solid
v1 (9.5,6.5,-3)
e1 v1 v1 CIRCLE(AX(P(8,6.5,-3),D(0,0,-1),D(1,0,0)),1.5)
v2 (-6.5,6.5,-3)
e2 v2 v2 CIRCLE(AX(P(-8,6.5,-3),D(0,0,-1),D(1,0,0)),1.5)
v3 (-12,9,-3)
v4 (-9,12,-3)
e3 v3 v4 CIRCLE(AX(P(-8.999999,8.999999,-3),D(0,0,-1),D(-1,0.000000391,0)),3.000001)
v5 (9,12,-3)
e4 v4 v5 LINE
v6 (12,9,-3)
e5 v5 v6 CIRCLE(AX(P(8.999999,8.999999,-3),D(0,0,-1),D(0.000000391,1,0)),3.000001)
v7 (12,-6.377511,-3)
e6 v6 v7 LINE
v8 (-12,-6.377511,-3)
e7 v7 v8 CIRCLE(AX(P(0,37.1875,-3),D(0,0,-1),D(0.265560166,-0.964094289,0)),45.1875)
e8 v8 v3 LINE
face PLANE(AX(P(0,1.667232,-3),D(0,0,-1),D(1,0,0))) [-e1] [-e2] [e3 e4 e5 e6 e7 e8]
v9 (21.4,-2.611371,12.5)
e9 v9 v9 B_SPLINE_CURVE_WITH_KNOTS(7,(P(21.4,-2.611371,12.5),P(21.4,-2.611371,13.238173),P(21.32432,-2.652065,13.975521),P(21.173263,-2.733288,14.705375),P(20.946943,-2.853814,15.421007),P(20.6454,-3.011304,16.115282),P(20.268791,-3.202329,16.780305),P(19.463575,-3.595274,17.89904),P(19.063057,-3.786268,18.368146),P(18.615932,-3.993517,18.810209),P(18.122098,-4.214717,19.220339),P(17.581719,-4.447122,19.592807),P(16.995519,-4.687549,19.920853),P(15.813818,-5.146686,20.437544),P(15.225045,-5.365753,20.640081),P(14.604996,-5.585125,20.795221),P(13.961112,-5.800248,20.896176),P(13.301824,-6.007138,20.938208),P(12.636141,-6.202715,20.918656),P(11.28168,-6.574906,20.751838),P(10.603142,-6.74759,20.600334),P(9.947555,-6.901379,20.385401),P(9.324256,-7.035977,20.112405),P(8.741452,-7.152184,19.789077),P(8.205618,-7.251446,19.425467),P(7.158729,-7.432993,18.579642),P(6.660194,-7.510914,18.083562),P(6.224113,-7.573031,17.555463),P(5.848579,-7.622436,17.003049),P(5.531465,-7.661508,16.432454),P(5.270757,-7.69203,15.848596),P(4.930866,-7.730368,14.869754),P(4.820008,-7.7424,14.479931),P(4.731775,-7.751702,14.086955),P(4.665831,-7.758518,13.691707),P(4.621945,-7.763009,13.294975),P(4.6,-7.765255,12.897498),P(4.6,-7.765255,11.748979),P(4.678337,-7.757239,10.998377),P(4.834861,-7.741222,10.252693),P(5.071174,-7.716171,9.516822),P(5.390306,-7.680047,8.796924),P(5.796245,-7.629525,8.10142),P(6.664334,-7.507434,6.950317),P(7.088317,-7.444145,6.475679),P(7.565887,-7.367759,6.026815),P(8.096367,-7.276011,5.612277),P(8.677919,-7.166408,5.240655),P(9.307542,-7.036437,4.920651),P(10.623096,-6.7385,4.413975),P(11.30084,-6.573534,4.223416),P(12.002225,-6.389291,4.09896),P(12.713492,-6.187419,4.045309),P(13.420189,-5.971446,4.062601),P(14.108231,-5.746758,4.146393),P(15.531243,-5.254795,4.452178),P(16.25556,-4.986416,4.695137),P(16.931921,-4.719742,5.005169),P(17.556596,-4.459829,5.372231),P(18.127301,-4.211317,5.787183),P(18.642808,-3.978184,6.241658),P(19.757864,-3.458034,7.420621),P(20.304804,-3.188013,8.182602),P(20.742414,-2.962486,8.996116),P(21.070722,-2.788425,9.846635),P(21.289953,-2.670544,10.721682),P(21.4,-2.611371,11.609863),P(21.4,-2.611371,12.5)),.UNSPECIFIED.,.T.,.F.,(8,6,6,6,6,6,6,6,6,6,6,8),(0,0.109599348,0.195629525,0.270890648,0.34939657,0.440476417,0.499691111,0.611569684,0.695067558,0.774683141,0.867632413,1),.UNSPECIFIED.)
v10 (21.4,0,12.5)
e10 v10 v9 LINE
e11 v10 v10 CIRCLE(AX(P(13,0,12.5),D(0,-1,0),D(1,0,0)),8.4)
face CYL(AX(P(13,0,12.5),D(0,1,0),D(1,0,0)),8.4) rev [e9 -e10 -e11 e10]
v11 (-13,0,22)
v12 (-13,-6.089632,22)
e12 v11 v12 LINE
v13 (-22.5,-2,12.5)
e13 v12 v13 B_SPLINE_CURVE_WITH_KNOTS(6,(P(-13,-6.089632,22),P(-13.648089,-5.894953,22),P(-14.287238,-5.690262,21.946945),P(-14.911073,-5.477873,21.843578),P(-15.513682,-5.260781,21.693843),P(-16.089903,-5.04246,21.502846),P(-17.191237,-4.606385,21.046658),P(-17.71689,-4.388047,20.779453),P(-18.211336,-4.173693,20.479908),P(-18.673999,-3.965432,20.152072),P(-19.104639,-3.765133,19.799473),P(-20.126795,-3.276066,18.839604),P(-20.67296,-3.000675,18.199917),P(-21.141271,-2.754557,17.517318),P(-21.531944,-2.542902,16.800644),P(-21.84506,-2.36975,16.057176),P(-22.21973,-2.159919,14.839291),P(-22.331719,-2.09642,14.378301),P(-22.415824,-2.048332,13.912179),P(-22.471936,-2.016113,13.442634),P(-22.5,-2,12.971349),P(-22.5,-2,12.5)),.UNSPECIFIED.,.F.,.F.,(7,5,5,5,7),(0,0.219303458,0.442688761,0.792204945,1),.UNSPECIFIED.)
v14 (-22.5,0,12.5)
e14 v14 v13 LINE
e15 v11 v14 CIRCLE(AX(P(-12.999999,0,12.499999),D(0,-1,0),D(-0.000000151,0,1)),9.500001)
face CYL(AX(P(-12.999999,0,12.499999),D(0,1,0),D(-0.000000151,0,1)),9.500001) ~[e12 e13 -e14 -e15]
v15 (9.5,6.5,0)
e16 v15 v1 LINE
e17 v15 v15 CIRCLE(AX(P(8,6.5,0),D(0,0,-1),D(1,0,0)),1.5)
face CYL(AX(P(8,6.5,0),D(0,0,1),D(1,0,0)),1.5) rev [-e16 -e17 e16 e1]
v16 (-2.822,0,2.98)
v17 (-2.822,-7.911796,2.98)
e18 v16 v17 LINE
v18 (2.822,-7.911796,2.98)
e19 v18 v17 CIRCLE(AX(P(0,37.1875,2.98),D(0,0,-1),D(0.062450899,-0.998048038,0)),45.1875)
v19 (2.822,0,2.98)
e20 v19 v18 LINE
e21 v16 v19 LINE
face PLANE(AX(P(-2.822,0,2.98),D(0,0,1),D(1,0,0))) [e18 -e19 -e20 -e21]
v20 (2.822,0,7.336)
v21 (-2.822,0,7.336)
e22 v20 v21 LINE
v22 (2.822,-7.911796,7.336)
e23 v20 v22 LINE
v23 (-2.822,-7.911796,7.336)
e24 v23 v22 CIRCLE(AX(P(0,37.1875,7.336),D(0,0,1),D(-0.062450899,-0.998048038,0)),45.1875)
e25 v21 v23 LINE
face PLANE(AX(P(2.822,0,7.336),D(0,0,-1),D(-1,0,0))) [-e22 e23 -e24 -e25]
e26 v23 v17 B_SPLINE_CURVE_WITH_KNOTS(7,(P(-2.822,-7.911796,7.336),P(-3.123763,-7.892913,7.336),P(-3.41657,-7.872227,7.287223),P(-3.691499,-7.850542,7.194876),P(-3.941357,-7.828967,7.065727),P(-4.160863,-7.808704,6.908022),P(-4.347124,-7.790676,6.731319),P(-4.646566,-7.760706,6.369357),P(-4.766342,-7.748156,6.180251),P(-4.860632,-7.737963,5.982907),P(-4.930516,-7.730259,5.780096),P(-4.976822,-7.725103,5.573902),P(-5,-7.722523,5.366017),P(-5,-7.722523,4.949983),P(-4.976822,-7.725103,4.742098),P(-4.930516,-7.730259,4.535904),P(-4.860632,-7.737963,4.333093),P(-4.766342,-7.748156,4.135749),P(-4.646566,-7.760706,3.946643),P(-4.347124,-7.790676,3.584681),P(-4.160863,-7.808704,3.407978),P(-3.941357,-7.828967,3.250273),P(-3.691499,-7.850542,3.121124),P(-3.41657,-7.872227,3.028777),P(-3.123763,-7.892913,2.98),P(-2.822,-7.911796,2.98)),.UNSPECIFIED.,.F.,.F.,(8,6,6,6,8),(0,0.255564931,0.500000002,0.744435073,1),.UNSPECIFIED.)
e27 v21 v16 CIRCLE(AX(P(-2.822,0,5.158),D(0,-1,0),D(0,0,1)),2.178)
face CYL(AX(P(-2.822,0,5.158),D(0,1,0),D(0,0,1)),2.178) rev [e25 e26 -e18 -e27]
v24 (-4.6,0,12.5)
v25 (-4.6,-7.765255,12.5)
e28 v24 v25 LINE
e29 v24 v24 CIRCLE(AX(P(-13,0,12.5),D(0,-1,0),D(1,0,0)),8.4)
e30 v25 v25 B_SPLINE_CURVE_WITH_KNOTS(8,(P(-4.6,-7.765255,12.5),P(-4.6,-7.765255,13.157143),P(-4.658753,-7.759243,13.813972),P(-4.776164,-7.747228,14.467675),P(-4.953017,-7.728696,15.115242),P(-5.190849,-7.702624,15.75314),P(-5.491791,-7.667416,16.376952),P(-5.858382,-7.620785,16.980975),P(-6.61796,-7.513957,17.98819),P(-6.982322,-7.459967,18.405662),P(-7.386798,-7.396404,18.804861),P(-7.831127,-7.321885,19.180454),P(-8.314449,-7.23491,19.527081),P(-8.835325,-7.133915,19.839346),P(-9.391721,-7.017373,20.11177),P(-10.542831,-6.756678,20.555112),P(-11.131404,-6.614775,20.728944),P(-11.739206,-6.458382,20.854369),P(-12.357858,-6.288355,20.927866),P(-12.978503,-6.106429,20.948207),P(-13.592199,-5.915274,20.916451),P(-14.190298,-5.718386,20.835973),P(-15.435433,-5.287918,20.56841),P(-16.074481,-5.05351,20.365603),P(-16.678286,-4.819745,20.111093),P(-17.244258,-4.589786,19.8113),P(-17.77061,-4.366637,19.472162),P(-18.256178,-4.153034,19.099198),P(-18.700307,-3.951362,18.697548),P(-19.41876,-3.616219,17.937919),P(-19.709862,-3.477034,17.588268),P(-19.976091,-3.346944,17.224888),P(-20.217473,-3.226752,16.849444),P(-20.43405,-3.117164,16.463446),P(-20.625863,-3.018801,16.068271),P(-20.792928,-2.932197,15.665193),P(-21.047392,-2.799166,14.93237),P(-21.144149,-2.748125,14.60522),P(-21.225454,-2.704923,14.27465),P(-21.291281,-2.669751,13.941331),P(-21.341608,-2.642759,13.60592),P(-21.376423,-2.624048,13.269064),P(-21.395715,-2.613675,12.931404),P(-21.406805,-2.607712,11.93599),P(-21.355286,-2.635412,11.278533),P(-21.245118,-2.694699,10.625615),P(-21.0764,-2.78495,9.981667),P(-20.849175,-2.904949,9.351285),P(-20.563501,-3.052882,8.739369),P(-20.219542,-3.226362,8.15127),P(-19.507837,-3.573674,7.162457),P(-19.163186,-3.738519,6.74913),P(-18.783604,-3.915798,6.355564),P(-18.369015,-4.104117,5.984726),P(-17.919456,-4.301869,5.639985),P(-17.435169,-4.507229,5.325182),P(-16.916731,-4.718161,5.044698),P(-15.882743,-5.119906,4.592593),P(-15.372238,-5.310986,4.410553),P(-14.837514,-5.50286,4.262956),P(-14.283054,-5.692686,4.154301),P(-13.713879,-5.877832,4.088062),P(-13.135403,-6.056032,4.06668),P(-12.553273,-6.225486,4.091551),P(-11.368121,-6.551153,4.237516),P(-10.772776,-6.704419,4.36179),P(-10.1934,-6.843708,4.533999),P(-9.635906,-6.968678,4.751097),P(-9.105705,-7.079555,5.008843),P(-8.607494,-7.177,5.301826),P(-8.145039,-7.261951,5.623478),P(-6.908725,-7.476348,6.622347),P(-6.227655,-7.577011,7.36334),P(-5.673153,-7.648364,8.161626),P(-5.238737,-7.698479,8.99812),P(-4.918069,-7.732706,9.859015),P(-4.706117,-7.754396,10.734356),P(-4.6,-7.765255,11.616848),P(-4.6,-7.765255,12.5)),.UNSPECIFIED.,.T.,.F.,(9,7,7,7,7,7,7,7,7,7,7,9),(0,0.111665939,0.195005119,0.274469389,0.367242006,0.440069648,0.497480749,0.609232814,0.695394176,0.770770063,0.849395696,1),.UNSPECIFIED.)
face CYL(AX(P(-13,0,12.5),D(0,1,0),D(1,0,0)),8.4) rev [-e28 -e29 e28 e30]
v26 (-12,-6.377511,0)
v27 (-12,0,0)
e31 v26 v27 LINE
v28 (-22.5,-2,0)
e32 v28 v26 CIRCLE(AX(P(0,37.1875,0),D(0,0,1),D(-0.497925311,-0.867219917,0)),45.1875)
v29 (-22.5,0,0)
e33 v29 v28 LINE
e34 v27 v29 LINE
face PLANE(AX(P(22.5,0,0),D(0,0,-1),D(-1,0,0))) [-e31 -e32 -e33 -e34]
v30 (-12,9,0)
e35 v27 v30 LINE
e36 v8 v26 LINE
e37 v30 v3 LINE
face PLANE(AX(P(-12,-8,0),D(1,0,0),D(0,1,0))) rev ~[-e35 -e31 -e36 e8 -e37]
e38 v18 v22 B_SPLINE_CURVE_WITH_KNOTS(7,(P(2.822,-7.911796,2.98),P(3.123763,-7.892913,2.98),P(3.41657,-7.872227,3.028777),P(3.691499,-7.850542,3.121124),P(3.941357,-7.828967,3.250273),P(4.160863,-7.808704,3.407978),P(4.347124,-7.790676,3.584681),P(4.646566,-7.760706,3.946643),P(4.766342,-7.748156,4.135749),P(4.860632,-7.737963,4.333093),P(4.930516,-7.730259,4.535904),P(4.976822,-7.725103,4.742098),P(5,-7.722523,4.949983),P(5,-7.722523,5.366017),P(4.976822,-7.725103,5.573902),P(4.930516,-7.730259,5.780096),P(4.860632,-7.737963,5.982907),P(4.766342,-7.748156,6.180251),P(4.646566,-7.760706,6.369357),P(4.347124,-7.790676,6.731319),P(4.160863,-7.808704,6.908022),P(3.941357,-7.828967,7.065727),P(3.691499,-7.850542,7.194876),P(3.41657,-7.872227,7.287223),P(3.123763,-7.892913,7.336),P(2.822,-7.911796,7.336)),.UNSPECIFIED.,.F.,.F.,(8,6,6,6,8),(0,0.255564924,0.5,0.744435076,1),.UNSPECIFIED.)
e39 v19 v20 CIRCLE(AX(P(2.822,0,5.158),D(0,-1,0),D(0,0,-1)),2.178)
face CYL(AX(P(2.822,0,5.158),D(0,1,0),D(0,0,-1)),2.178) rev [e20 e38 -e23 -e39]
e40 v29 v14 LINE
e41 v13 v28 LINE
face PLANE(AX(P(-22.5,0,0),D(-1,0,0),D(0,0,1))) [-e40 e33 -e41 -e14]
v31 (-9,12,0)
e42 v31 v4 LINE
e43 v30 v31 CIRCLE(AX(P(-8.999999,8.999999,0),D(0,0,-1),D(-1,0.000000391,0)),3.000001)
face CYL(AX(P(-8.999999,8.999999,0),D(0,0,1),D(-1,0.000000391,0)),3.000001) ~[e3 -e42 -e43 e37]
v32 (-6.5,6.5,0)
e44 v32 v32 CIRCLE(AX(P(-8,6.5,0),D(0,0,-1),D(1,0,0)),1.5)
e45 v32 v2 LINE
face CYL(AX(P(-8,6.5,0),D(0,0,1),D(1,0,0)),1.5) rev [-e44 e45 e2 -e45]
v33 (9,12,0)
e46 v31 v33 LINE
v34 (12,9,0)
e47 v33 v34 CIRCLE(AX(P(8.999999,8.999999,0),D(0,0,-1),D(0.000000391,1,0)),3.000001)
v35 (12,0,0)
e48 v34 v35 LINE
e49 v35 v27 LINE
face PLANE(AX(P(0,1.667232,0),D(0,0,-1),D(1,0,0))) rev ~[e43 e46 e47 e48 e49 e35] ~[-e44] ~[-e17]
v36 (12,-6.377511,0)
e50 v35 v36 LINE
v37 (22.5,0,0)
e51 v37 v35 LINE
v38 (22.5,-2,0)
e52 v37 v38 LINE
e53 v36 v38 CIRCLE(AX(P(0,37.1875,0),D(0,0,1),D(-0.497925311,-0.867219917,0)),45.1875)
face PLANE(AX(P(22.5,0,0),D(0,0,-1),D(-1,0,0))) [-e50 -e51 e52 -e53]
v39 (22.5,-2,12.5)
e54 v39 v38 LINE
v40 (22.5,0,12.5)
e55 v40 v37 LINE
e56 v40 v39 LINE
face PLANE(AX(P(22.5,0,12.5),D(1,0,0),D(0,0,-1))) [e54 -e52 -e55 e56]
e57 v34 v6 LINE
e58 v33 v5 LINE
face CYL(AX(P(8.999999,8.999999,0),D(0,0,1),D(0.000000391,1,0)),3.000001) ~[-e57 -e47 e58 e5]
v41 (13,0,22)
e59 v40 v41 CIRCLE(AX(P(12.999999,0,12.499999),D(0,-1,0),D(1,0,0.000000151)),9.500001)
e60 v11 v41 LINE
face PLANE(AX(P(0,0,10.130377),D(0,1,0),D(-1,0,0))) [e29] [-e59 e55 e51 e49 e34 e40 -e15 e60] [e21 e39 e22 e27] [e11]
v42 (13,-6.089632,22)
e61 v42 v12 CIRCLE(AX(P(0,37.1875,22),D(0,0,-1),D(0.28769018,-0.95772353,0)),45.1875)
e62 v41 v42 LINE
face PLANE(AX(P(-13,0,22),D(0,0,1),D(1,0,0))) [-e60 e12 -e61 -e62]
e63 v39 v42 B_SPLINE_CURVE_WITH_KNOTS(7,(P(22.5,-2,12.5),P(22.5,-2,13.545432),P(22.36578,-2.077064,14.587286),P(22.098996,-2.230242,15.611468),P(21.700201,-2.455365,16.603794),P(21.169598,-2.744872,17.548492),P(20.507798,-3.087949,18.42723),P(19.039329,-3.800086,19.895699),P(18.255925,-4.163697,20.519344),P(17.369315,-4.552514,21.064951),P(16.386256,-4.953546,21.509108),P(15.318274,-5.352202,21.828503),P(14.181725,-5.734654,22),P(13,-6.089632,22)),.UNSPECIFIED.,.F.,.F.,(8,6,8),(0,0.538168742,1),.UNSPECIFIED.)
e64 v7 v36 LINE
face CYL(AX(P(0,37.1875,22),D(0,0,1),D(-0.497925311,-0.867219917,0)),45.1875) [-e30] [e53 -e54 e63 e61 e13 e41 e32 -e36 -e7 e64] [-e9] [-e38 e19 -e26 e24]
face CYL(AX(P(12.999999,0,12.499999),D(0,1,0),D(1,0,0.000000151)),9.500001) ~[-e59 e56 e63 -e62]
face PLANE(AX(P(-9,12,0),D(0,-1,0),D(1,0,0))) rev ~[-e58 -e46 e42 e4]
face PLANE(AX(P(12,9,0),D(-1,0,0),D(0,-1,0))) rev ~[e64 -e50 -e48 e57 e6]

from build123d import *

# Parameters (mm, degrees)
SKETCH_R     = 8.4
PAD_DEPTH    = 8
SKETCH001_R  = 1.5
PAD001_DEPTH = 3
POCKET_DEPTH = 25.001


with BuildPart() as part:
    # Sketch → Pad (new body)
    with BuildSketch(Plane.XZ):
        with BuildLine():
            Line((-13, 22), (13, 22))
            ThreePointArc((22.5, 12.5), (19.717514, 19.217514), (13, 22))
            Line((22.5, 12.5), (22.5, 0))
            Line((22.5, 0), (-22.5, 0))
            Line((-22.5, 0), (-22.5, 12.5))
            ThreePointArc((-13, 22), (-19.717514, 19.217514), (-22.5, 12.5))
        make_face()
        with Locations((-13, 12.5)):
            Circle(SKETCH_R, mode=Mode.SUBTRACT)
        with Locations((13, 12.5)):
            Circle(SKETCH_R, mode=Mode.SUBTRACT)
        with BuildLine():
            ThreePointArc((-2.822, 7.336), (-5, 5.158), (-2.822, 2.98))
            Line((-2.822, 2.98), (2.822, 2.98))
            ThreePointArc((2.822, 2.98), (5, 5.158), (2.822, 7.336))
            Line((2.822, 7.336), (-2.822, 7.336))
        make_face(mode=Mode.SUBTRACT)
    extrude(amount=PAD_DEPTH)

    # Sketch001 (on Face2 of Pad) → Pad001 (join)
    with BuildSketch(Plane(origin=(0, 0, 0), x_dir=(1, 0, 0), z_dir=(0, 0, -1))):
        with BuildLine():
            Line((-9, -12), (9, -12))
            ThreePointArc((9, -12), (11.12132, -11.12132), (12, -9))
            Line((12, -9), (12, 8))
            Line((12, 8), (-12, 8))
            Line((-12, 8), (-12, -9))
            ThreePointArc((-12, -9), (-11.12132, -11.12132), (-9, -12))
        make_face()
        with Locations((-8, -6.5)):
            Circle(SKETCH001_R, mode=Mode.SUBTRACT)
        with Locations((8, -6.5)):
            Circle(SKETCH001_R, mode=Mode.SUBTRACT)
    extrude(amount=PAD001_DEPTH)

    # Sketch002 (on Face6 of Pad001) → Pocket (cut, through all)
    with BuildSketch(Plane.XY.offset(22)):
        with BuildLine():
            Line((-22.5, -2), (-22.5, -9))
            Line((-22.5, -9), (22.5, -9))
            Line((22.5, -9), (22.5, -2))
            ThreePointArc((-22.5, -2), (0, -8), (22.5, -2))
        make_face()
    extrude(amount=-POCKET_DEPTH, mode=Mode.SUBTRACT)


solid = part.part
